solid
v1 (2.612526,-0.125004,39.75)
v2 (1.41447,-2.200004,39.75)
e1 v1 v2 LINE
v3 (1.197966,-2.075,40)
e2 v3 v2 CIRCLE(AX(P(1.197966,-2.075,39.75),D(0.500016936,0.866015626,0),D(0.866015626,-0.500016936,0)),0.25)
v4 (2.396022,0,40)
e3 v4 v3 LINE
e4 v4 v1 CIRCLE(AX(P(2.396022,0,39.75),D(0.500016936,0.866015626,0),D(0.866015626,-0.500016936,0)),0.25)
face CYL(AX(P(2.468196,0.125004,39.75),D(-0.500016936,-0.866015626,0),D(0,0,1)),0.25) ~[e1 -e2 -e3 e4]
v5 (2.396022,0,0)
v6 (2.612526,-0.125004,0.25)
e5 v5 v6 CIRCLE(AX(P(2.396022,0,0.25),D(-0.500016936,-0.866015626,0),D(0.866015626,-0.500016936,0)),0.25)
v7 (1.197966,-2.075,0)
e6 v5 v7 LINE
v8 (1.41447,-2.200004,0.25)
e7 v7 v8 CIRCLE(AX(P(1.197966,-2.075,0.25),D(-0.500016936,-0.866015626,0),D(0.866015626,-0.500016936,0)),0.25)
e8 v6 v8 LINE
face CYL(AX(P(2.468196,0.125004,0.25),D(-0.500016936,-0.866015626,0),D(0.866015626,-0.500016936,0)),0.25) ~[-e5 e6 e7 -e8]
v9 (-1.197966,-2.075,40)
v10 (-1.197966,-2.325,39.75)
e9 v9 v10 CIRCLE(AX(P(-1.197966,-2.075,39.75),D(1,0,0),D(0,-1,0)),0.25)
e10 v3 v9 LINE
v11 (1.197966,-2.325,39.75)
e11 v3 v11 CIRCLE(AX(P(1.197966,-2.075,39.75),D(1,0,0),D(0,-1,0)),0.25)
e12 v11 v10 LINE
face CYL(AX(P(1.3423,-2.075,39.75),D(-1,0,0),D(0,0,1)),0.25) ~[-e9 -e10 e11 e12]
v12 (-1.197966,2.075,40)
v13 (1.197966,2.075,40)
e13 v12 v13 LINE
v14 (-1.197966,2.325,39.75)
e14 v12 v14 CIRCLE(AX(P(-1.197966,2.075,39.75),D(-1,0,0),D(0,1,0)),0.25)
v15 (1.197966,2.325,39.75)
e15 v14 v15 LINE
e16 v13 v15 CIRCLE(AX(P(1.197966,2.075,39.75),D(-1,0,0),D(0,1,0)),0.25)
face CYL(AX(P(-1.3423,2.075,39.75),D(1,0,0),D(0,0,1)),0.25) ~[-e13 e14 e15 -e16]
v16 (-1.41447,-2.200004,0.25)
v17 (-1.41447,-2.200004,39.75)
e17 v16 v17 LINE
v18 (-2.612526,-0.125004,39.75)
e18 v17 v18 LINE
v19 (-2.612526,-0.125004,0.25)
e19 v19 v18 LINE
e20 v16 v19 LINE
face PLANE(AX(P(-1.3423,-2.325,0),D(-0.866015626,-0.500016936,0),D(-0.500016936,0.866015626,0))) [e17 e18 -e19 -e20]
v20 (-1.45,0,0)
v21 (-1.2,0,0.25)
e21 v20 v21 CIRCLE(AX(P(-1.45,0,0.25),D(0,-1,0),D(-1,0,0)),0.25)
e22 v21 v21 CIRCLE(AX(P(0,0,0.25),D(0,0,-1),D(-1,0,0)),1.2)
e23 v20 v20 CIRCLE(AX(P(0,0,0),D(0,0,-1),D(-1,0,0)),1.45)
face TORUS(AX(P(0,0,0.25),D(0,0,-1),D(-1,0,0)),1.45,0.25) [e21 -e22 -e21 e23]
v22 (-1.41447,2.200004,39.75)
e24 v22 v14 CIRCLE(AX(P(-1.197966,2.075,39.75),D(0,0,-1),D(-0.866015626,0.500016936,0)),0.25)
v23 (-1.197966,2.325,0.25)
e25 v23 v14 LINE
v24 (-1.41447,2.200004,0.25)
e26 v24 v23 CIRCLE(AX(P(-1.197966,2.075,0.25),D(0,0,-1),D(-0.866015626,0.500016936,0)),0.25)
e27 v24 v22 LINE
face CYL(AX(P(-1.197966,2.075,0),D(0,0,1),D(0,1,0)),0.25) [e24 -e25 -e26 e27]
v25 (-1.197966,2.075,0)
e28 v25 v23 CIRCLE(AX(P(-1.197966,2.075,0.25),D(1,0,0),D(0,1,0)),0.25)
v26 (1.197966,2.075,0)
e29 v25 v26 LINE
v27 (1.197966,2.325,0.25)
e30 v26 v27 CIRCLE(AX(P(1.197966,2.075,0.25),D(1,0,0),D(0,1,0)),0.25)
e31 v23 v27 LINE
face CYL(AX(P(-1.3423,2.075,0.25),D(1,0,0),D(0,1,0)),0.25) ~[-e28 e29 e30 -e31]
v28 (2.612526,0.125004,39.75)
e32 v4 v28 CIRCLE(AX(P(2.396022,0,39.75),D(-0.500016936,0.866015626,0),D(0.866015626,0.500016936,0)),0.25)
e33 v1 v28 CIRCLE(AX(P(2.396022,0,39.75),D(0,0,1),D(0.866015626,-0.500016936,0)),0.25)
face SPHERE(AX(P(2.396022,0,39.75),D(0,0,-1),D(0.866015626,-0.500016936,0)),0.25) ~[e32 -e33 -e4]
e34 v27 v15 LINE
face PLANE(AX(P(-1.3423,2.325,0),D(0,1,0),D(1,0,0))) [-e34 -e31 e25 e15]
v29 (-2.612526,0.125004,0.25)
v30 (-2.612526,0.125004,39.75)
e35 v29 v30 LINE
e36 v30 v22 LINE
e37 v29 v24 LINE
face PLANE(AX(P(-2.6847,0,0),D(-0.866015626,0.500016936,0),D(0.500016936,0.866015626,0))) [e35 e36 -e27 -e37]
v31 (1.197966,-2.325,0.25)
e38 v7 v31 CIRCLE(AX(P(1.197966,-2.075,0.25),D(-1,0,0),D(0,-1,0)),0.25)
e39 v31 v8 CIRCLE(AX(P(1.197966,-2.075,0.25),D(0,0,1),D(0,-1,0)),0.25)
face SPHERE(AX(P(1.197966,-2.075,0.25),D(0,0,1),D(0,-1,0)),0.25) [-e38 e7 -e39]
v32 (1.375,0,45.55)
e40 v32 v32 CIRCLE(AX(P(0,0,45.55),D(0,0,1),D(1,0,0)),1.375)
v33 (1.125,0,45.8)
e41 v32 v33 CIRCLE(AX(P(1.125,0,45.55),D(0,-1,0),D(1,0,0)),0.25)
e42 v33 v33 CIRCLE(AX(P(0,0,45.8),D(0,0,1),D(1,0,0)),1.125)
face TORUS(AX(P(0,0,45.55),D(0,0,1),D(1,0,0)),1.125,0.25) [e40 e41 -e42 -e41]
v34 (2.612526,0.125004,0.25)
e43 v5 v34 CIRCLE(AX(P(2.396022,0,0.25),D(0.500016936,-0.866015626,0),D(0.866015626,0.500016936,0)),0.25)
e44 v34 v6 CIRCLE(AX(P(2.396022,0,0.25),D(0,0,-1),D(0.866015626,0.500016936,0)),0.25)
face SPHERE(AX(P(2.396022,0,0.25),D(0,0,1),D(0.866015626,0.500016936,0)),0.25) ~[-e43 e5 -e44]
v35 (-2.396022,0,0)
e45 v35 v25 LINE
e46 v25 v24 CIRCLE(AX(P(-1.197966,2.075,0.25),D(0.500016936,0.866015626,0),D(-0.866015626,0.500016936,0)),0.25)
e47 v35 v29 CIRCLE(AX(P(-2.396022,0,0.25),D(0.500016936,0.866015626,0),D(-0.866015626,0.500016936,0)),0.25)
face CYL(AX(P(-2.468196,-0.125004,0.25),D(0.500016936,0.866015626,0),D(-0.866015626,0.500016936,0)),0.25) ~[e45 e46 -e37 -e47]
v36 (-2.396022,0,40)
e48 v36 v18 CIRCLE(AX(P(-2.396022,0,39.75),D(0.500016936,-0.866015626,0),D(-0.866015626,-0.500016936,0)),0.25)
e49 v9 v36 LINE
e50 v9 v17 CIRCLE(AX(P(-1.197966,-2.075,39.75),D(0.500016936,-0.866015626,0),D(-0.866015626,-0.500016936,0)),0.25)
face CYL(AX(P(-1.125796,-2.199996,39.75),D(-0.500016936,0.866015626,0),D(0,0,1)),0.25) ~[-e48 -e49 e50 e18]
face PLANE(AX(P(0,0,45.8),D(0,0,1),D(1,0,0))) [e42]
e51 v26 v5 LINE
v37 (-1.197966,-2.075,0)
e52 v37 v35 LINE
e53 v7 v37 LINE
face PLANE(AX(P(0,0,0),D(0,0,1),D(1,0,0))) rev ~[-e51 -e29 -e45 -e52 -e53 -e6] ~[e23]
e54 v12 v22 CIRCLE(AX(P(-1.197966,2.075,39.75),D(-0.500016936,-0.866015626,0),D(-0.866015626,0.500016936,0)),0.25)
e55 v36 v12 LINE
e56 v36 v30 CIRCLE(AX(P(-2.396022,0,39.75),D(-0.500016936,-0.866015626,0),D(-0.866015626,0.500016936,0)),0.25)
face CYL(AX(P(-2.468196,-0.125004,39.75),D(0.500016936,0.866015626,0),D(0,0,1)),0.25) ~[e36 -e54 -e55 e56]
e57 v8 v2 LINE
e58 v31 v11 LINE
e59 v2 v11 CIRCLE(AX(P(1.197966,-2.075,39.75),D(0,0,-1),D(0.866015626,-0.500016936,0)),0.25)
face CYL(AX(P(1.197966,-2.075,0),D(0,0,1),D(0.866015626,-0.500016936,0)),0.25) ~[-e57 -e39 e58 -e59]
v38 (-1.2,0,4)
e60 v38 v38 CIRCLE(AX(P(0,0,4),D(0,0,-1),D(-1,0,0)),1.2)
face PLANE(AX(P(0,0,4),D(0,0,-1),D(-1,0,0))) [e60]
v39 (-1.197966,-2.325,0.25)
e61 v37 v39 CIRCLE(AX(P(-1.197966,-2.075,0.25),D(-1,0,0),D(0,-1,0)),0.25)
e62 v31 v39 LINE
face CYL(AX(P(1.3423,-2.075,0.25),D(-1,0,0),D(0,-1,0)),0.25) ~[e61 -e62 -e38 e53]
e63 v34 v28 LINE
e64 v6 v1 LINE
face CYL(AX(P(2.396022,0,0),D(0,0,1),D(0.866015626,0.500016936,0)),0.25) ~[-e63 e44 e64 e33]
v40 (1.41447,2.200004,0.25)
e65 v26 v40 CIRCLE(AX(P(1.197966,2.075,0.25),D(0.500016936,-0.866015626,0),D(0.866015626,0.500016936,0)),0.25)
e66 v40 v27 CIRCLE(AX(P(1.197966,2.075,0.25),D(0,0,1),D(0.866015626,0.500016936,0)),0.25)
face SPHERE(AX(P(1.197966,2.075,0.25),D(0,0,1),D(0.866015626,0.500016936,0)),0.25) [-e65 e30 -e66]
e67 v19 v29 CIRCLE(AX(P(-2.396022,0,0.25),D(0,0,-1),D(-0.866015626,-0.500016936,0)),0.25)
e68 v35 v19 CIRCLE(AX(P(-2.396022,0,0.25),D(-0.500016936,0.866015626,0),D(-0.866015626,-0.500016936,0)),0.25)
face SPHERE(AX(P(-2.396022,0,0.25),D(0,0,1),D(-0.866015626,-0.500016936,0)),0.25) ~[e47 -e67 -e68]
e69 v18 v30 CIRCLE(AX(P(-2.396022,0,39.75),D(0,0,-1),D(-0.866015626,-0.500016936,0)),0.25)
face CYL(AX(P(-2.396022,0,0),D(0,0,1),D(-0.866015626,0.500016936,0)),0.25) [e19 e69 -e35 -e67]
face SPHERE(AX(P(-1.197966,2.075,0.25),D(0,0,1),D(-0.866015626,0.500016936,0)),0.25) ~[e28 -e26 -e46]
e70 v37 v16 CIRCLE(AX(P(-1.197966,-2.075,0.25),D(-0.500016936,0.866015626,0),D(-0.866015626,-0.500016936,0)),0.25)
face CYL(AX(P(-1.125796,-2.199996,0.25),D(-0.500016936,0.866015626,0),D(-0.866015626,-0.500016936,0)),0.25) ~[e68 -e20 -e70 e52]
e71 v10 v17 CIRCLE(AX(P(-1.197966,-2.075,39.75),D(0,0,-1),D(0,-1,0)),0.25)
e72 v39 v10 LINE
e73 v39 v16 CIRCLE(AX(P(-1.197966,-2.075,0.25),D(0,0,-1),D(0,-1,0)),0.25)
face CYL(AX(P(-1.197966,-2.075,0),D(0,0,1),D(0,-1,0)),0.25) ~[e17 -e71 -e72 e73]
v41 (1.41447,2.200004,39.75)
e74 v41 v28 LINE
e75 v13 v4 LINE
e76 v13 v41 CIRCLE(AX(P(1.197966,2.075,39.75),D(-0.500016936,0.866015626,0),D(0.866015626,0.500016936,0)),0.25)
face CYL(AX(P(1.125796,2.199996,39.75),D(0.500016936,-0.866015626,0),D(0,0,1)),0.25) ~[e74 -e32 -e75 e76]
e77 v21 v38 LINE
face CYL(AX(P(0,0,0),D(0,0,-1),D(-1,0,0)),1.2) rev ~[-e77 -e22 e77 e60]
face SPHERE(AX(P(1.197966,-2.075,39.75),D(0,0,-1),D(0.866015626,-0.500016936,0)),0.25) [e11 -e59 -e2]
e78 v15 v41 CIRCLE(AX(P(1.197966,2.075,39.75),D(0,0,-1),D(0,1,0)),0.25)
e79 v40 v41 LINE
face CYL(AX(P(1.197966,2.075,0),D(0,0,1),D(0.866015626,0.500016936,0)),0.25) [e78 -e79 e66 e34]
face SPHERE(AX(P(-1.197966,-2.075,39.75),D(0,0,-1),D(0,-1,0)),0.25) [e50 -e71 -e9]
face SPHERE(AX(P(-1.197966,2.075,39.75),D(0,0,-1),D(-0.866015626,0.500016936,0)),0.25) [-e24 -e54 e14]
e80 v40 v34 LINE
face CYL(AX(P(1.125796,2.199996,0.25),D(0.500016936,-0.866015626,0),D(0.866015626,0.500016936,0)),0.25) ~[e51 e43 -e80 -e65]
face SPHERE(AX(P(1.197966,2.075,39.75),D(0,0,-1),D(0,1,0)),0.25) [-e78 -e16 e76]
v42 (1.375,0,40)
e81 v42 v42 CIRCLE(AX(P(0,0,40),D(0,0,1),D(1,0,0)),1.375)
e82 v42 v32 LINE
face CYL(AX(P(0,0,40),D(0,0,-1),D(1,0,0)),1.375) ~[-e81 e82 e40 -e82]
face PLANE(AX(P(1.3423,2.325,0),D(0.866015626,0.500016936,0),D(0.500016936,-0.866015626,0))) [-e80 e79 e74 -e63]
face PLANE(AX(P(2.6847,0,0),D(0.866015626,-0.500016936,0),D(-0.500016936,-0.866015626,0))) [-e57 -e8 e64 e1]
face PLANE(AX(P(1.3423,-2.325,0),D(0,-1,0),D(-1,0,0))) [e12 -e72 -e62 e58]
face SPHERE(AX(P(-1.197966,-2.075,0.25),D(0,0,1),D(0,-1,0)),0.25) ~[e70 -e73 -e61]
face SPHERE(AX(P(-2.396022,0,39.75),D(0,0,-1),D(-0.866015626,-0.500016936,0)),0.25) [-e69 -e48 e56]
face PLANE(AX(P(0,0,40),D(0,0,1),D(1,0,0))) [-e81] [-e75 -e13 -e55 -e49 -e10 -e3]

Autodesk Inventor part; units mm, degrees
ref_plane "YZ Plane" through (0, 0, 0) normal (1, 0, 0) x (0, 1, 0)
ref_plane "XZ Plane" through (0, 0, 0) normal (0, 1, 0) x (-1, 0, 0)
ref_plane "XY Plane" through (0, 0, 0) normal (0, 0, 1) x (1, 0, 0)
sketch "Boceto1" plane through (0, 0, 0) normal (0, 0, 1) x (1, 0, 0)
  line L0 (1.3423, 2.325) -> (2.6847, 0)
  line L1 (2.6847, 0) -> (1.3423, -2.325)
  line L2 (1.3423, -2.325) -> (-1.3423, -2.325)
  line L3 (-1.3423, -2.325) -> (-2.6847, 0)
  line L4 (-2.6847, 0) -> (-1.3423, 2.325)
  line L5 (-1.3423, 2.325) -> (1.3423, 2.325)
  point P0 (0, 0)
  point P1 (0, 0)
  point P2 (0, 0)
  dimension "d0" = 4.65
extrude "Extrusión1" add sketch "Boceto1" along normal blind 40
sketch "Boceto2" plane through (0, 0, 40) normal (0, 0, 1) x (1, 0, 0)
  circle A0 centre (0, 0) radius 1.375
  dimension "d3" = 2.75
extrude "Extrusión2" add sketch "Boceto2" along normal blind 5.8
fillet "Empalme1" radius 0.25 1 edges at (-1.375, 0, 45.8)
fillet "Empalme2" radius 0.25 18 edges at (-1.3423, 2.325, 20) (-2.6847, 0, 20) (1.3423, 2.325, 20) (2.6847, 0, 20) (1.3423, -2.325, 20) (-1.3423, -2.325, 20) (0, -2.325, 0) (-2.0135, -1.1625, 0) (-2.0135, 1.1625, 0) (2.0135, 1.1625, 0) (2.0135, -1.1625, 0) (0, 2.325, 0) (2.0135, -1.1625, 40) (0, -2.325, 40) (-2.0135, -1.1625, 40) (-2.0135, 1.1625, 40) (0, 2.325, 40) (2.0135, 1.1625, 40)
sketch "Boceto3" plane through (0, 0, 0) normal (0, 0, -1) x (-1, 0, 0)
  circle A0 centre (0, 0) radius 1.2
  dimension "d8" = 2.4
extrude "Extrusión3" cut sketch "Boceto3" against normal blind 4
fillet "Empalme3" radius 0.25 1 edges at (1.2, 0, 0)
properties part number "Espaciador_40mm"
